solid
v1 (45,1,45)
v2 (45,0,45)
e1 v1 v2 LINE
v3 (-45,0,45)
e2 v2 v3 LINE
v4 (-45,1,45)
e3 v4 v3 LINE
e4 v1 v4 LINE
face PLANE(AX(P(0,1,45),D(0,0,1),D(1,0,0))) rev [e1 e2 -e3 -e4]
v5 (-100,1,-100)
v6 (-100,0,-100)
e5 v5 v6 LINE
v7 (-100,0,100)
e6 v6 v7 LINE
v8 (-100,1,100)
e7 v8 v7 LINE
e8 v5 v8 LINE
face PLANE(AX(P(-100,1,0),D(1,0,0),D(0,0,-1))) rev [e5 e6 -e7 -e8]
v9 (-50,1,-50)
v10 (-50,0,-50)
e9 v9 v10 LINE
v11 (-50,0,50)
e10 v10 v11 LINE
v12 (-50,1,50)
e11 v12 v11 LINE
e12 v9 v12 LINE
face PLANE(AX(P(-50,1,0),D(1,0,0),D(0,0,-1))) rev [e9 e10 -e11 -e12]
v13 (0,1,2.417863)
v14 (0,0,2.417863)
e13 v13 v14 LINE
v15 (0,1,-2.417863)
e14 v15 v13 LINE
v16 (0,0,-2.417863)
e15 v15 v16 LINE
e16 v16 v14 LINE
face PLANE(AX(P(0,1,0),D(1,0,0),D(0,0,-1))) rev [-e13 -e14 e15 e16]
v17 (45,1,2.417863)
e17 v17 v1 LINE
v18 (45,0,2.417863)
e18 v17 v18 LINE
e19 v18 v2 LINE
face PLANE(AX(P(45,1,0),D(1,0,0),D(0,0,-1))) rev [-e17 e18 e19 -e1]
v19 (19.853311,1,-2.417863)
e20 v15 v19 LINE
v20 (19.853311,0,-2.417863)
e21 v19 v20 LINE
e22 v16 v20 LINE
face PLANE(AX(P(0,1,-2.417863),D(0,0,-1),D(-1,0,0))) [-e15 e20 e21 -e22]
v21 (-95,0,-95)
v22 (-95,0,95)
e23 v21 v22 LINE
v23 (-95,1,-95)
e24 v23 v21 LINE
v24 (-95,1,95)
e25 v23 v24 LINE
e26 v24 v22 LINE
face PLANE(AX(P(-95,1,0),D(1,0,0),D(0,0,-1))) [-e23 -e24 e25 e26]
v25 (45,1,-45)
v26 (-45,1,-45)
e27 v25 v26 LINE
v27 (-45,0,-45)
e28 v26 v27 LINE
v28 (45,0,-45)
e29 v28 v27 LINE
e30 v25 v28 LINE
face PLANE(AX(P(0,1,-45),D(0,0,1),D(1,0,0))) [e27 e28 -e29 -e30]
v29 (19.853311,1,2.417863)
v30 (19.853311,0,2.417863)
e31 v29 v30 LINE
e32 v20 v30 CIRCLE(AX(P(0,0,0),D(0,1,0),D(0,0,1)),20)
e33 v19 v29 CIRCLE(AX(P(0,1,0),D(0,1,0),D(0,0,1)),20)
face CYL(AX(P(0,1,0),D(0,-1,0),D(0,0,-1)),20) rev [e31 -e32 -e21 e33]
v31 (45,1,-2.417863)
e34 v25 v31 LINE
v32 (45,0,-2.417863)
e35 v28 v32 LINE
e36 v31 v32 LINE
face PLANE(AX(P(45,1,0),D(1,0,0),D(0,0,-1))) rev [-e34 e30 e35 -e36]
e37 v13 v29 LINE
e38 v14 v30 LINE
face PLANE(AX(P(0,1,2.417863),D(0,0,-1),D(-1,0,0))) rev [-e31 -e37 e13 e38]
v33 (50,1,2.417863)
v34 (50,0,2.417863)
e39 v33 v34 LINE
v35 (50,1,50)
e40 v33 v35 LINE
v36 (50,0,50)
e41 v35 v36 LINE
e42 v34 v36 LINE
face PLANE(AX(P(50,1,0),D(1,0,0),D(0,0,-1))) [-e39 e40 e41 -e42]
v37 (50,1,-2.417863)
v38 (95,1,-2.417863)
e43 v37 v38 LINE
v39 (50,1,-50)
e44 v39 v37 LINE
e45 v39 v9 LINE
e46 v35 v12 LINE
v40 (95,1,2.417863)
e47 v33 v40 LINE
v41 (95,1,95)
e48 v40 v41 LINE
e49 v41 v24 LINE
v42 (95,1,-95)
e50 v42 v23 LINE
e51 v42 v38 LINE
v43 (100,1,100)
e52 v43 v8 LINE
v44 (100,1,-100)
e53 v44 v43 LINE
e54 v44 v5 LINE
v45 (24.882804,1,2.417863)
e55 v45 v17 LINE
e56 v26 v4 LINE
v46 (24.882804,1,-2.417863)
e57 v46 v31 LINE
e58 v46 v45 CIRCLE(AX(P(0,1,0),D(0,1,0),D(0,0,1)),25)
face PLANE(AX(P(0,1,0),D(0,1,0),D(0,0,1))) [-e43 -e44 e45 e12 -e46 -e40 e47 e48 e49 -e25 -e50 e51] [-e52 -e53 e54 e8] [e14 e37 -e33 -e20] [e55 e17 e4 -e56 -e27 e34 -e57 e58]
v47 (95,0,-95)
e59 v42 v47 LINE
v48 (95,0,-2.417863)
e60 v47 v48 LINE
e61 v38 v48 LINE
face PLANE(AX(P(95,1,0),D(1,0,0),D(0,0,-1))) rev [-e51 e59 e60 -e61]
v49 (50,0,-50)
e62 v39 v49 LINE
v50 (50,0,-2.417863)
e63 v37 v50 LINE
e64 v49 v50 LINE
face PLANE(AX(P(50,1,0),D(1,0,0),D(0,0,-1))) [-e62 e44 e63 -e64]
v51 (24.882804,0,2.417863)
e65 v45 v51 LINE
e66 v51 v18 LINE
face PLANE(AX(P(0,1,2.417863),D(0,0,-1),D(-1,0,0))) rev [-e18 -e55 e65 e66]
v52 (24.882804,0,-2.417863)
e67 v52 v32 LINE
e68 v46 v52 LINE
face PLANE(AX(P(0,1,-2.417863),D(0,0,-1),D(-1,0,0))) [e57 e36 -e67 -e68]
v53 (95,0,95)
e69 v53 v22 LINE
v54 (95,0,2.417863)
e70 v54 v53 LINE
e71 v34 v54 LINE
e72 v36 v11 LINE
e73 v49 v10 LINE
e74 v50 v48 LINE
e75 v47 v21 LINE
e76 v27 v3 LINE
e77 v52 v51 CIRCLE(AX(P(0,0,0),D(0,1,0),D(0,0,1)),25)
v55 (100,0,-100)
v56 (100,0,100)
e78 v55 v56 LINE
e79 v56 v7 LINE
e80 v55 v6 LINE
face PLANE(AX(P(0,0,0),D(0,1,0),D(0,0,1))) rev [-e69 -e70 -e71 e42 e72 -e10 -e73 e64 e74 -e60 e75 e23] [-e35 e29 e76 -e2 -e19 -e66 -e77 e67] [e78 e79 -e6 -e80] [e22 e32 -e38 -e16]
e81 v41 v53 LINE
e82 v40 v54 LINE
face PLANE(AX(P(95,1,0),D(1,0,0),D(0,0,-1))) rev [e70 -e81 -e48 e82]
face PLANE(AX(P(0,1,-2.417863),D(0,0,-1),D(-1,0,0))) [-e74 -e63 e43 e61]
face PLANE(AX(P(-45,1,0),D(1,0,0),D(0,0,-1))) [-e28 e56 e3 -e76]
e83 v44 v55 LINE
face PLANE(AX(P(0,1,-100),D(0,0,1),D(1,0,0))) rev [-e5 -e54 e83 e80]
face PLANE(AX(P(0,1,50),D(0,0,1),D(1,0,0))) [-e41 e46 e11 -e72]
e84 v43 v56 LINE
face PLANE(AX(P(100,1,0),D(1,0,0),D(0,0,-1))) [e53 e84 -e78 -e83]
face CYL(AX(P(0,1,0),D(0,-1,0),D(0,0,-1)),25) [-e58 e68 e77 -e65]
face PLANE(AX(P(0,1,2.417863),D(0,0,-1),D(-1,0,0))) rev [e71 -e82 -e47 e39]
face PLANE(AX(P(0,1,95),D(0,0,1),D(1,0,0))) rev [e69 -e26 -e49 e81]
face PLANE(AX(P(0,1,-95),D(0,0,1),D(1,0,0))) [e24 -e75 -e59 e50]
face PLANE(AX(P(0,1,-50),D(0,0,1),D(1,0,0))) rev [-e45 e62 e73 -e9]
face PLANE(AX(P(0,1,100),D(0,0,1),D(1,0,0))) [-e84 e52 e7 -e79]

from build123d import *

# Parameters (mm, degrees)
SKIZZE1_W                       = 200
SKIZZE1_H                       = 200
AUFSATZ_LINEAR_AUSTRAGEN1_DEPTH = 1


with BuildPart() as part:
    # Skizze1 → Aufsatz-Linear austragen1 (new body)
    with BuildSketch(Plane(origin=(0, 0, 0), x_dir=(1, 0, 0), z_dir=(0, 1, 0))):
        Rectangle(SKIZZE1_W, SKIZZE1_H)
        Polygon((95, 95), (-95, 95), (-95, -95), (95, -95), (95, -2.417862988), (50, -2.417862988), (50, -50), (-50, -50), (-50, 50), (50, 50), (50, 2.417862988), (95, 2.417862988), align=None, mode=Mode.SUBTRACT)
        with BuildLine():
            Line((45, 45), (-45, 45))
            Line((-45, 45), (-45, -45))
            Line((-45, -45), (45, -45))
            Line((45, -45), (45, -2.417862988))
            Line((45, -2.417862988), (24.882804074, -2.417862988))
            ThreePointArc((24.882804074, -2.417862988), (-25, 0), (24.882804074, 2.417862988))
            Line((24.882804074, 2.417862988), (45, 2.417862988))
            Line((45, 2.417862988), (45, 45))
        make_face(mode=Mode.SUBTRACT)
        with BuildLine():
            Line((0, -2.417862988), (19.853310519, -2.417862988))
            ThreePointArc((19.853310519, -2.417862988), (-20, 0), (19.853310519, 2.417862988))
            Line((19.853310519, 2.417862988), (0, 2.417862988))
            Line((0, 2.417862988), (0, -2.417862988))
        make_face(mode=Mode.SUBTRACT)
    extrude(amount=AUFSATZ_LINEAR_AUSTRAGEN1_DEPTH)


solid = part.part
